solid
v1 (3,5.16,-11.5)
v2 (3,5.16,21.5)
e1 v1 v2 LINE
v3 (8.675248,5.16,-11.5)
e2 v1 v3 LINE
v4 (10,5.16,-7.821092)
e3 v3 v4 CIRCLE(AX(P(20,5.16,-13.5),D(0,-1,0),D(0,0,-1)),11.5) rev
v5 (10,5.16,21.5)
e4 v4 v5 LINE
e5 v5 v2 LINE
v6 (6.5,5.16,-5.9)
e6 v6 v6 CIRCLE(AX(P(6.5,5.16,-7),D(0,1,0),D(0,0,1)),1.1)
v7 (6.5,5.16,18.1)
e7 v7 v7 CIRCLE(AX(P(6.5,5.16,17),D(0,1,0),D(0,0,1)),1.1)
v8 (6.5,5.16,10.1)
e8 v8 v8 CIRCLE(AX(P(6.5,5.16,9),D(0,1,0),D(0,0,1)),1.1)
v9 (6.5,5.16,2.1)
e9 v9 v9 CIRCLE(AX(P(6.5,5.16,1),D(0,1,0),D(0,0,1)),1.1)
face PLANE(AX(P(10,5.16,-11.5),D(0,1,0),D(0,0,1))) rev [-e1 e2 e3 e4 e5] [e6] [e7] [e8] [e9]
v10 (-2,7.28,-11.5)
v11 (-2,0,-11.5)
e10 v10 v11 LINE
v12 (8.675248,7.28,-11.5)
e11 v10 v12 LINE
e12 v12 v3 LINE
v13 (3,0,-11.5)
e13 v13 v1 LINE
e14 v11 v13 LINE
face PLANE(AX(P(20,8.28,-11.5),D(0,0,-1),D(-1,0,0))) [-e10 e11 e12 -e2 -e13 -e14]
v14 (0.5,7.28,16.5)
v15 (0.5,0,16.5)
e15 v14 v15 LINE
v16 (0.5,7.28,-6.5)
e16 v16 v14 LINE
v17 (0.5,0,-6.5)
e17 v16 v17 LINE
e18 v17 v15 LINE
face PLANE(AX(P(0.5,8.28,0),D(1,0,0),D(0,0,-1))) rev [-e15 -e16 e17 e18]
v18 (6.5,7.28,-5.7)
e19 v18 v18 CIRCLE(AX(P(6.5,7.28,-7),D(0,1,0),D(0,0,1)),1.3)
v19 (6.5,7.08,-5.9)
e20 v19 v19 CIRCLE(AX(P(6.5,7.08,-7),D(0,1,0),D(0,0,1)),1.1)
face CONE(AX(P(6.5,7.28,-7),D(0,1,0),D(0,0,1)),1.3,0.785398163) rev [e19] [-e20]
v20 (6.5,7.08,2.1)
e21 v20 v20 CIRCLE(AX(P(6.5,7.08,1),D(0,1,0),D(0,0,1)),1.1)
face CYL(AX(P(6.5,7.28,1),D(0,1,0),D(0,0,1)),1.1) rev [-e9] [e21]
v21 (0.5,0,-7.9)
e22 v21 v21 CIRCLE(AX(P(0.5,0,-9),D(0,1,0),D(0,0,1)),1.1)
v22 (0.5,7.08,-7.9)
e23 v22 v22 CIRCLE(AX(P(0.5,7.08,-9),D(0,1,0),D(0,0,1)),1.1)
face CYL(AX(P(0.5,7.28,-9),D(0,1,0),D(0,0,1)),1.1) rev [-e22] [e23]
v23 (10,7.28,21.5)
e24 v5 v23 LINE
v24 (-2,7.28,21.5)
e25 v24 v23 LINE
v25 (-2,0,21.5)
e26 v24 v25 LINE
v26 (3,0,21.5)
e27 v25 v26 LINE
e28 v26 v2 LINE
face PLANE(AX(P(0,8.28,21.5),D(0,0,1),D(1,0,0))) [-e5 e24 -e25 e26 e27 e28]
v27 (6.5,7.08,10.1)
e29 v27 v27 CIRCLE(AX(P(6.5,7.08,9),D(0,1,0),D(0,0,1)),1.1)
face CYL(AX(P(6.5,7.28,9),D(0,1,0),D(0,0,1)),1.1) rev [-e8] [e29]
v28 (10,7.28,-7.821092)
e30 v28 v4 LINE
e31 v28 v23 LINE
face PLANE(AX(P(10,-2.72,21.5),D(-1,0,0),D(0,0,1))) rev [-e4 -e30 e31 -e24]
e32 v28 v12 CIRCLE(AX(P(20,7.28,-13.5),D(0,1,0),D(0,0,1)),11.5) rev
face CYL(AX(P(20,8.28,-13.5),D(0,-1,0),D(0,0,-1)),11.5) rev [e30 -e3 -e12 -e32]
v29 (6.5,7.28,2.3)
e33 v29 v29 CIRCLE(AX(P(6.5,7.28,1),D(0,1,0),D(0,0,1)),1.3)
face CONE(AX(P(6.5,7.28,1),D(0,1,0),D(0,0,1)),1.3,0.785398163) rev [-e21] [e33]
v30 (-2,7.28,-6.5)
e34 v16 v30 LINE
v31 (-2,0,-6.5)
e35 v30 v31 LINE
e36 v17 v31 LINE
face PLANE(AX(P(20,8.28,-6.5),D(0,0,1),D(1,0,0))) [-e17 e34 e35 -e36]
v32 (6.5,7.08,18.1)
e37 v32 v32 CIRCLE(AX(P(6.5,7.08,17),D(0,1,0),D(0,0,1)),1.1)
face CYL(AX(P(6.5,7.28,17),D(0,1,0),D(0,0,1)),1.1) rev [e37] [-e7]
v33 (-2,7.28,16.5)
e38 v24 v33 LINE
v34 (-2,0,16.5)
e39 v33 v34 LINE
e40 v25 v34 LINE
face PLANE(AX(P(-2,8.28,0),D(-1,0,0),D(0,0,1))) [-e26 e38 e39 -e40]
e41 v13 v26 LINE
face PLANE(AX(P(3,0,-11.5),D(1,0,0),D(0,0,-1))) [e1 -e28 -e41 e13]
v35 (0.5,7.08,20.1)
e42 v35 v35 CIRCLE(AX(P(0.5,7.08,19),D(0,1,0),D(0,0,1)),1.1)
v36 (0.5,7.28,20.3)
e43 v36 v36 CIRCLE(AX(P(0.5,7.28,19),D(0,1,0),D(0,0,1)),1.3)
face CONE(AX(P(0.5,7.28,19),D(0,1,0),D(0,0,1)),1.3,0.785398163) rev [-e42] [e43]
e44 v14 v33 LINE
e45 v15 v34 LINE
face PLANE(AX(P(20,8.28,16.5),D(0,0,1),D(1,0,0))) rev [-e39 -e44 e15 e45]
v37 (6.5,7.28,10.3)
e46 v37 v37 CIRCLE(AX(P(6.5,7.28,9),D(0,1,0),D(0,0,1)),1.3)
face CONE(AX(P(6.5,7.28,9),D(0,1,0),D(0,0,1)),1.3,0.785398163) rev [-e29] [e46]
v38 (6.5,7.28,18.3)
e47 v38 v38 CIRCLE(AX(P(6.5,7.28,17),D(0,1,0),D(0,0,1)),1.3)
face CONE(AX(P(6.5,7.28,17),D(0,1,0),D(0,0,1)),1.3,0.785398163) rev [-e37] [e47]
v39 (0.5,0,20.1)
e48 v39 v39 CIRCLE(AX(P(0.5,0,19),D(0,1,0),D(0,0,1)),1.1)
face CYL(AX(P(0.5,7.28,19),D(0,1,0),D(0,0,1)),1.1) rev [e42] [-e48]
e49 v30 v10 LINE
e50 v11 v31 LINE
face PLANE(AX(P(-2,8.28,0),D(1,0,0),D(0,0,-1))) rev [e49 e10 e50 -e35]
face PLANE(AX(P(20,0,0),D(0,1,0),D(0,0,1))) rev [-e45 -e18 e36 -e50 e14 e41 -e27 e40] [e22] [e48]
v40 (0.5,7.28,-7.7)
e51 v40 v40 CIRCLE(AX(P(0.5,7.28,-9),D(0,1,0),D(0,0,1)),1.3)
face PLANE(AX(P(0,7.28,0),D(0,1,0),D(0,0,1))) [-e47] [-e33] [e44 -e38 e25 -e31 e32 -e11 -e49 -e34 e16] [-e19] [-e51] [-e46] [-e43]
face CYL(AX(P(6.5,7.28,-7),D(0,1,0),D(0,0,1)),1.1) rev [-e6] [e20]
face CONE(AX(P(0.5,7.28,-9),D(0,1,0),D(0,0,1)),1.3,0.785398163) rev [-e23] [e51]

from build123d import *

# Parameters (mm, degrees)
IZIM3_W                                          = 3.5
IZIM3_H                                          = 23
IZIM3_H_2                                        = 5
IZIM3_W_2                                        = 2.5
Y_KSEKLIK_EKSTR_ZYON3_DEPTH                      = 8.28
IZIM4_W                                          = 7
IZIM4_H                                          = 5.16
KES_EKSTR_ZYON1_DEPTH                            = 34
IZIM11_W                                         = 12
IZIM11_H                                         = 33
KES_EKSTR_ZYON2_DEPTH                            = 1
M2_D_Z_BA_L_MAKINE_VIDAS_IN_HAV_A_DE_D           = 2.2
M2_D_Z_BA_L_MAKINE_VIDAS_IN_HAV_A_DE_CSINK_D     = 2.6
M2_D_Z_BA_L_MAKINE_VIDAS_IN_HAV_A_DE_CSINK_ANGLE = 90
IZIM16_W                                         = 12
IZIM16_H                                         = 33
KES_EKSTR_ZYON3_DEPTH                            = 10


with BuildPart() as part:
    # Çizim3 → Yükseklik-Ekstrüzyon3 (new body)
    with BuildSketch(Plane(origin=(0, 0, 0), x_dir=(1, 0, 0), z_dir=(0, 1, 0))):
        with BuildLine():
            Line((16, 6.5), (16, 11.5))
            Line((16, 11.5), (11.324751653, 11.5))
            ThreePointArc((11.324751653, 11.5), (10.819882158, 9.603828792), (10, 7.821091654))
            Line((10, 7.821091654), (10, -21.5))
            Line((10, -21.5), (16, -21.5))
            Line((16, -21.5), (16, -16.5))
            Line((16, -16.5), (16, 6.5))
        make_face()
        with Locations((17.75, -5)):
            Rectangle(IZIM3_W, IZIM3_H)
        with Locations((17.75, 9)):
            Rectangle(IZIM3_W, IZIM3_H_2)
        with Locations((20.75, 9)):
            Rectangle(IZIM3_W_2, IZIM3_H_2)
        with Locations((17.75, -19)):
            Rectangle(IZIM3_W, IZIM3_H_2)
        with Locations((20.75, -19)):
            Rectangle(IZIM3_W_2, IZIM3_H_2)
    y_kseklik_ekstr_zyon3 = extrude(amount=Y_KSEKLIK_EKSTR_ZYON3_DEPTH)

    # Çizim4 → Kes-Ekstrüzyon1 (cut, through all)
    with BuildSketch(Plane.XY.offset(21.5)):
        with Locations((13.5, 2.58)):
            Rectangle(IZIM4_W, IZIM4_H)
    kes_ekstr_zyon1 = extrude(amount=-KES_EKSTR_ZYON1_DEPTH, mode=Mode.SUBTRACT)

    # Çizim11 → Kes-Ekstrüzyon2 (cut)
    with BuildSketch(Plane(origin=(0, 8.28, 0), x_dir=(1, 0, 0), z_dir=(0, 1, 0))):
        with Locations((16, -5)):
            Rectangle(IZIM11_W, IZIM11_H)
    kes_ekstr_zyon2 = extrude(amount=-KES_EKSTR_ZYON2_DEPTH, mode=Mode.SUBTRACT)

    # M2 Düz Başlı Makine Vidası İçin Havşa_ DEĞİŞTİREBİLİRİZ (through all)
    with Locations(Plane(origin=(19.5, 7.28, 19), x_dir=(0, 0, 1), z_dir=(0, 1, 0))):
        with Locations((0, 0), (-28, 0), (-2, -6), (-10, -6), (-18, -6), (-26, -6)):
            m2_d_z_ba_l_makine_vidas_in_hav_a_de = CounterSinkHole(M2_D_Z_BA_L_MAKINE_VIDAS_IN_HAV_A_DE_D / 2, M2_D_Z_BA_L_MAKINE_VIDAS_IN_HAV_A_DE_CSINK_D / 2, counter_sink_angle=M2_D_Z_BA_L_MAKINE_VIDAS_IN_HAV_A_DE_CSINK_ANGLE)

    # Aynalama2: Yükseklik-Ekstrüzyon3, Kes-Ekstrüzyon1, Kes-Ekstrüzyon2, M2 Düz Başlı Makine Vidası İçin Havşa_ DEĞİŞTİREBİLİRİZ across plane
    add(y_kseklik_ekstr_zyon3.mirror(Plane(origin=(10, 8.28, 0), x_dir=(0, 0, 1), z_dir=(-1, 0, 0))))
    add(kes_ekstr_zyon1.mirror(Plane(origin=(10, 8.28, 0), x_dir=(0, 0, 1), z_dir=(-1, 0, 0))), mode=Mode.SUBTRACT)
    add(kes_ekstr_zyon2.mirror(Plane(origin=(10, 8.28, 0), x_dir=(0, 0, 1), z_dir=(-1, 0, 0))), mode=Mode.SUBTRACT)
    add(m2_d_z_ba_l_makine_vidas_in_hav_a_de.mirror(Plane(origin=(10, 8.28, 0), x_dir=(0, 0, 1), z_dir=(-1, 0, 0))), mode=Mode.SUBTRACT)

    # Çizim16 → Kes-Ekstrüzyon3 (cut)
    with BuildSketch(Plane(origin=(0, 7.28, 0), x_dir=(1, 0, 0), z_dir=(0, 1, 0))):
        with Locations((16, -5)):
            Rectangle(IZIM16_W, IZIM16_H)
    extrude(amount=-KES_EKSTR_ZYON3_DEPTH, mode=Mode.SUBTRACT)


solid = part.part
